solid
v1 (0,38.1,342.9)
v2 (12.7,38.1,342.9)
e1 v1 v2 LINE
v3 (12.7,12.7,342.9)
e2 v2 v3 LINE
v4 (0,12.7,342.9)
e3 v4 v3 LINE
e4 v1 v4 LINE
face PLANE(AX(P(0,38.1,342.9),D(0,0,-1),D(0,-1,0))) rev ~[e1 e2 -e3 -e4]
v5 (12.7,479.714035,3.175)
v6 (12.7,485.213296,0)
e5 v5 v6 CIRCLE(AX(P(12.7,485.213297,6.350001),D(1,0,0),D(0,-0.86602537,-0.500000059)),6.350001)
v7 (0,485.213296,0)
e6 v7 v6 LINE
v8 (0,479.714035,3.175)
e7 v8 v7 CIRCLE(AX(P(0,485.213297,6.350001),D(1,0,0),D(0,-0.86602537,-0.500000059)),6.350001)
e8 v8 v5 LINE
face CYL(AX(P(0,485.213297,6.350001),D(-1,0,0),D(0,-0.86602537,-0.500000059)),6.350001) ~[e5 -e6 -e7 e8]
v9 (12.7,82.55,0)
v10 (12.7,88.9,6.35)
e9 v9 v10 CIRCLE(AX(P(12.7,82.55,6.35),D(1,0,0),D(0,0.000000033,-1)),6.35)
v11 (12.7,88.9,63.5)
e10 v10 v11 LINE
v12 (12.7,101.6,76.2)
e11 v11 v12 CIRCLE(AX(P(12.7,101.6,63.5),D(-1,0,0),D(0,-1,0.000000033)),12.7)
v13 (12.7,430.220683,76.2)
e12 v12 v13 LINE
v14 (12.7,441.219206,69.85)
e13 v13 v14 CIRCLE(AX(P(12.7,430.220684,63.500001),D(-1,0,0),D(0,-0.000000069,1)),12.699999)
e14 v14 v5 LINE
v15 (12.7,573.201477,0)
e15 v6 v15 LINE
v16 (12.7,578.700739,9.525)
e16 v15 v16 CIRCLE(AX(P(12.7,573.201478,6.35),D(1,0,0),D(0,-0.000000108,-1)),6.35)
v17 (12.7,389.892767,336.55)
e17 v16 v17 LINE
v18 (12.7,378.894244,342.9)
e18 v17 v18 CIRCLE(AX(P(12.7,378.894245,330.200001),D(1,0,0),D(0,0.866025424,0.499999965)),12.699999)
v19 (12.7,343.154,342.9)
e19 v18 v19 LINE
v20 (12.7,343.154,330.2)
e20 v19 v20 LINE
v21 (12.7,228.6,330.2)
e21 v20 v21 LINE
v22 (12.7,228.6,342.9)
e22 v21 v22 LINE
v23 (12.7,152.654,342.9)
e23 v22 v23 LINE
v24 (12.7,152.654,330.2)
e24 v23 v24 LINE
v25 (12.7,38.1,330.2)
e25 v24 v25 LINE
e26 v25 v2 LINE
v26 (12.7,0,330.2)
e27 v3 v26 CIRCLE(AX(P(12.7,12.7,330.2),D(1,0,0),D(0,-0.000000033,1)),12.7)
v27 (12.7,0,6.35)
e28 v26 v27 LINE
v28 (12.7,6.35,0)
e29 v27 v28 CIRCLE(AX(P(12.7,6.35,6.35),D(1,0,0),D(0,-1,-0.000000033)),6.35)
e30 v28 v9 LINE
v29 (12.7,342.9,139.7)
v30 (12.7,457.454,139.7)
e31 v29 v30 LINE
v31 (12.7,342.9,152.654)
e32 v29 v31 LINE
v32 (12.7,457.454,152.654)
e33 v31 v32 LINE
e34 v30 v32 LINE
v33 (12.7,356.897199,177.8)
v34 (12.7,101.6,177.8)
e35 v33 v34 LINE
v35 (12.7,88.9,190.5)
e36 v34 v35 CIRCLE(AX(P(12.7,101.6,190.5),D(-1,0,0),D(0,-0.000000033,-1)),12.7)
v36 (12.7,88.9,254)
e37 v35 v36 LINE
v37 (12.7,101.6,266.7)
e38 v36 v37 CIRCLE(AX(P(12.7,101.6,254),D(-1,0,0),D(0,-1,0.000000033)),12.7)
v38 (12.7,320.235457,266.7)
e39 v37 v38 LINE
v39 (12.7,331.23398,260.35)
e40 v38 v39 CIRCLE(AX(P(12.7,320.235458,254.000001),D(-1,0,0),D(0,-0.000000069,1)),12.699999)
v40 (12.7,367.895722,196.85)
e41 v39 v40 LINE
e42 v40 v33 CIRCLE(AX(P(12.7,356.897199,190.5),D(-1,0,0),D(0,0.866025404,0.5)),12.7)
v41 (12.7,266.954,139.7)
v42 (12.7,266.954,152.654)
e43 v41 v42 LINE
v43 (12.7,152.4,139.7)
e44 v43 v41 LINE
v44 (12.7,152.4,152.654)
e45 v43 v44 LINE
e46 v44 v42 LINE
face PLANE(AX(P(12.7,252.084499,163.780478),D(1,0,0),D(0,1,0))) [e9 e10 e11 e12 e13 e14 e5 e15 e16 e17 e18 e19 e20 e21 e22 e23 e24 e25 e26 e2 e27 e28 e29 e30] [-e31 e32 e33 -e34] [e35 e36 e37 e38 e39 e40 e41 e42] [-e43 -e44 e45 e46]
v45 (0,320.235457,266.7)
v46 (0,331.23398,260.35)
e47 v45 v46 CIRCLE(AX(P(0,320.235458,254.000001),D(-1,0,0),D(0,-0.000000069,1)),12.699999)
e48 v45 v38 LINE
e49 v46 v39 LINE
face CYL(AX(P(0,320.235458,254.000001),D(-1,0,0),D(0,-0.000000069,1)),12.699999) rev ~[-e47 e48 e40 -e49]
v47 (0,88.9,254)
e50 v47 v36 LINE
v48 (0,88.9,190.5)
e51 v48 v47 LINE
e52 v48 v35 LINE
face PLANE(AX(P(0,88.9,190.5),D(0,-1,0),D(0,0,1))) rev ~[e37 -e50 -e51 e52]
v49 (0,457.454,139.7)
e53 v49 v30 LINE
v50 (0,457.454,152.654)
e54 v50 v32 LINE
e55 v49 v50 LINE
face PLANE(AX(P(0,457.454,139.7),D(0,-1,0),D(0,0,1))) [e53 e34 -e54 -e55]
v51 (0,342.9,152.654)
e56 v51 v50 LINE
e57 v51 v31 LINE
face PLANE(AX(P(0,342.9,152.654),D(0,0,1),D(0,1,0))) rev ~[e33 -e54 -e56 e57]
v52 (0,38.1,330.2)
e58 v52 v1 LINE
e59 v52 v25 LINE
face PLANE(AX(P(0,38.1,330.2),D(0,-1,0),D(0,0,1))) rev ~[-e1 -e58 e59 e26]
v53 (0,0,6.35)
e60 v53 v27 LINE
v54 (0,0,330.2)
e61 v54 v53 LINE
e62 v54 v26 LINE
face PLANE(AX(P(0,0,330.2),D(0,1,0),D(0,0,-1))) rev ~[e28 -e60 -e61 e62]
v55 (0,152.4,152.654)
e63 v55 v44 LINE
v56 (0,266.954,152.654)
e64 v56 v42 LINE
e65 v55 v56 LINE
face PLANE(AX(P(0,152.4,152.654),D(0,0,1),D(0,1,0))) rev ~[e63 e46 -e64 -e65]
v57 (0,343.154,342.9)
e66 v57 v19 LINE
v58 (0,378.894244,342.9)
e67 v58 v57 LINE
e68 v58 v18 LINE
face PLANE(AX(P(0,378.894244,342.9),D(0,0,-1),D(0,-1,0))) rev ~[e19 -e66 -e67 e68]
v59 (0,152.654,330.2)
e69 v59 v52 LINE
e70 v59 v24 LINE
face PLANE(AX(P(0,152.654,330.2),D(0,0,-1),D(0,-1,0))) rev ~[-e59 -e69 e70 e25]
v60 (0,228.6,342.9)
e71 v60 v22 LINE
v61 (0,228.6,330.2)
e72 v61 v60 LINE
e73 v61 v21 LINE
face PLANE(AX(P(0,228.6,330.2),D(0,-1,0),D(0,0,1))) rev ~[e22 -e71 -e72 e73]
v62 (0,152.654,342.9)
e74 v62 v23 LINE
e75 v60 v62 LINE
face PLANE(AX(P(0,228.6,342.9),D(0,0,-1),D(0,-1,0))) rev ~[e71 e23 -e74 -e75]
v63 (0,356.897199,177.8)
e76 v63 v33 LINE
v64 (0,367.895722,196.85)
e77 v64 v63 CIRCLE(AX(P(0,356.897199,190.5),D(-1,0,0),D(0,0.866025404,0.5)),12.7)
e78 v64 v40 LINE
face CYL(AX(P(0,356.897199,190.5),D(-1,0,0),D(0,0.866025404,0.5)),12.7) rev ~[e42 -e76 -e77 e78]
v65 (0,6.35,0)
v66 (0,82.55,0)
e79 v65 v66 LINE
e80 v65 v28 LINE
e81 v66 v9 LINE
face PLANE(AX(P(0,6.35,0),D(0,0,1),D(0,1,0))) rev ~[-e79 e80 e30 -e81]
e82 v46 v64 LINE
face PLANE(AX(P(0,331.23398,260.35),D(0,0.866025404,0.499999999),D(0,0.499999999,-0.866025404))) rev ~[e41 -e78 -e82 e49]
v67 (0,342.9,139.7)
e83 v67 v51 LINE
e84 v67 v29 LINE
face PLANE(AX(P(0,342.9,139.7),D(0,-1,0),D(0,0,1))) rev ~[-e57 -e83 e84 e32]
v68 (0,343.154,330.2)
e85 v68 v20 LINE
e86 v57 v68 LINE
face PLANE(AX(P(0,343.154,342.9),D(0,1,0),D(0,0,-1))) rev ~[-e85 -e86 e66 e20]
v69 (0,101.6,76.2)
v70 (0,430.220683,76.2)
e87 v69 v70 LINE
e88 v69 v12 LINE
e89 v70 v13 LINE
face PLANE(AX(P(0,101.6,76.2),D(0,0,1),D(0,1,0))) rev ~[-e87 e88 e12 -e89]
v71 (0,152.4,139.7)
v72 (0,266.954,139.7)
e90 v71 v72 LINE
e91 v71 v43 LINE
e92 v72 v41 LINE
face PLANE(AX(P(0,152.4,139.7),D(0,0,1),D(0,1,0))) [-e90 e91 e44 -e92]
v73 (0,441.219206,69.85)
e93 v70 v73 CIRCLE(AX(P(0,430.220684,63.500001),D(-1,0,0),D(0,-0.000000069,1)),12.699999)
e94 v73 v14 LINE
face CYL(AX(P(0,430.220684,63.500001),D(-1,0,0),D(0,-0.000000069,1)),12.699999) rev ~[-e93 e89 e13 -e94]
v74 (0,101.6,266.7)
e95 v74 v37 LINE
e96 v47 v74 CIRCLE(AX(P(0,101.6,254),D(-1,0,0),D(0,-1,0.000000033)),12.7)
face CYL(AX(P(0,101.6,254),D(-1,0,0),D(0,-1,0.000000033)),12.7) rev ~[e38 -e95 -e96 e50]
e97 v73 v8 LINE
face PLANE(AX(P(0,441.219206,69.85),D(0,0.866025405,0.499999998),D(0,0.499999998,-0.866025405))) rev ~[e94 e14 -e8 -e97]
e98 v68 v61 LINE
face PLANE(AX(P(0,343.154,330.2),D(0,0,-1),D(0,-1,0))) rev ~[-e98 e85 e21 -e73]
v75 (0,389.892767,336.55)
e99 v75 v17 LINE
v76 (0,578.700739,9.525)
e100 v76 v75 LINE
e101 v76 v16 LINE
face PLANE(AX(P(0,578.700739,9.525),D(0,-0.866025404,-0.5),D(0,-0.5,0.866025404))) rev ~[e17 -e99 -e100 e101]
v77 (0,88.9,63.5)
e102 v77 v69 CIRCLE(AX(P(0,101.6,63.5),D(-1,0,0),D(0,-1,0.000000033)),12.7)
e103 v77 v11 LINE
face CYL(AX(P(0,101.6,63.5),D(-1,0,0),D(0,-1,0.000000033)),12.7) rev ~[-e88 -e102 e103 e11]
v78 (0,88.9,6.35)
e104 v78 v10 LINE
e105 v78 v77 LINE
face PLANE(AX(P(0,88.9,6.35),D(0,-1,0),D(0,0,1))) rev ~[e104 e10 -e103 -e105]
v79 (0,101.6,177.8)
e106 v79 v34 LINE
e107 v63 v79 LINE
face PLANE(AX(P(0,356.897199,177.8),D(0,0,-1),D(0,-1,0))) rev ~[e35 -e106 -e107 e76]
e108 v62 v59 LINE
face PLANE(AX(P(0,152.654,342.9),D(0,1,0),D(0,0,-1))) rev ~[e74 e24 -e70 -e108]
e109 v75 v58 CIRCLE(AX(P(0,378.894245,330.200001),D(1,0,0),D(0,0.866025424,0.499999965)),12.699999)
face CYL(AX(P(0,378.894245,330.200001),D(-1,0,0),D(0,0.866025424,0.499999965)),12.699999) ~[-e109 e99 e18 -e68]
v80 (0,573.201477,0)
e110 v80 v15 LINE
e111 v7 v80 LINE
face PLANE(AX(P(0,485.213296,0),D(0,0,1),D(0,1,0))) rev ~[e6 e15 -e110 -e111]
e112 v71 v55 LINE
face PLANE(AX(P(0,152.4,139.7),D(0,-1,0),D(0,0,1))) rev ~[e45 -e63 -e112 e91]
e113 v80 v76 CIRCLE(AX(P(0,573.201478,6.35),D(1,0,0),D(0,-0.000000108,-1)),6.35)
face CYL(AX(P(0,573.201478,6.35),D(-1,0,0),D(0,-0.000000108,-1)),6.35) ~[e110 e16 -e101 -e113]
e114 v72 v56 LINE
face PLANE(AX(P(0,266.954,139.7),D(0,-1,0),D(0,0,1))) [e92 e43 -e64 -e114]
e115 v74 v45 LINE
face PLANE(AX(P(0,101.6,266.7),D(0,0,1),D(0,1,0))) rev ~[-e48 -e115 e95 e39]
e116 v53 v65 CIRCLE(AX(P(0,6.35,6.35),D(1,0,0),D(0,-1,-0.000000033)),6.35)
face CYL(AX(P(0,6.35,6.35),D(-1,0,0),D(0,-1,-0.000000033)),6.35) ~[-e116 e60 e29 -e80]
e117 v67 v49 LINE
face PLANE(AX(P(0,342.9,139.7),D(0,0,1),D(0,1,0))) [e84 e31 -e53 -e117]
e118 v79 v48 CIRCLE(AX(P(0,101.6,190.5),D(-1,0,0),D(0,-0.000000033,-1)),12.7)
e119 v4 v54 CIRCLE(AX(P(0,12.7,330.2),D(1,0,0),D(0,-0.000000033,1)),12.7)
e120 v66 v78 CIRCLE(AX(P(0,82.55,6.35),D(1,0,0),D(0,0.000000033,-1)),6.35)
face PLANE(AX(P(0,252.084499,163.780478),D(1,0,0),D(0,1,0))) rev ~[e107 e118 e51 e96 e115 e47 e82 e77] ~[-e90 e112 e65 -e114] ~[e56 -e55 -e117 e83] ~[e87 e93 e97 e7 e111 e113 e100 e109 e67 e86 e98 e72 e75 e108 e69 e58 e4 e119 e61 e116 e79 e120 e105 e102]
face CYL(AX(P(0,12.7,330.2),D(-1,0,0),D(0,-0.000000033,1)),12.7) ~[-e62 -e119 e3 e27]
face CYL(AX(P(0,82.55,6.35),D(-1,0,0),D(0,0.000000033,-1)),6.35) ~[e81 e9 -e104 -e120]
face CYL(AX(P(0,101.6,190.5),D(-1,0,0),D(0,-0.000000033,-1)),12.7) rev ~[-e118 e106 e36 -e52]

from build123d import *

# Parameters (mm, degrees)
F0_W     = 114.554
F0_H     = 12.954
F1_DEPTH = 12.7


with BuildPart() as f1:
    # F0 (on Right) → F1 (new body)
    with BuildSketch(Plane.YZ):
        with BuildLine():
            ThreePointArc((0, 6.35), (1.859872, 1.859872), (6.35, 0))
            Line((6.35, 0), (82.55, 0))
            ThreePointArc((82.55, 0), (87.040128, 1.859872), (88.9, 6.35))
            Line((88.9, 6.35), (88.9, 63.5))
            ThreePointArc((88.9, 63.5), (92.619744, 72.480256), (101.6, 76.2))
            Line((101.6, 76.2), (430.220683, 76.2))
            ThreePointArc((430.220683, 76.2), (436.570683, 74.498523), (441.219206, 69.85))
            Line((441.219206, 69.85), (479.714035, 3.175))
            ThreePointArc((479.714035, 3.175), (482.038296, 0.850739), (485.213296, 0))
            Line((485.213296, 0), (573.201477, 0))
            ThreePointArc((573.201477, 0), (578.700739, 3.175), (578.700739, 9.525))
            Line((578.700739, 9.525), (389.892767, 336.55))
            ThreePointArc((389.892767, 336.55), (385.244244, 341.198523), (378.894244, 342.9))
            Line((378.894244, 342.9), (343.154, 342.9))
            Line((343.154, 342.9), (343.154, 330.2))
            Line((343.154, 330.2), (228.6, 330.2))
            Line((228.6, 330.2), (228.6, 342.9))
            Line((228.6, 342.9), (152.654, 342.9))
            Line((152.654, 342.9), (152.654, 330.2))
            Line((152.654, 330.2), (38.1, 330.2))
            Line((38.1, 330.2), (38.1, 342.9))
            Line((38.1, 342.9), (12.7, 342.9))
            ThreePointArc((12.7, 342.9), (3.719744, 339.180256), (0, 330.2))
            Line((0, 330.2), (0, 6.35))
        make_face()
        with Locations((209.677, 146.177)):
            Rectangle(F0_W, F0_H, mode=Mode.SUBTRACT)
        with Locations((400.177, 146.177)):
            Rectangle(F0_W, F0_H, mode=Mode.SUBTRACT)
        with BuildLine():
            Line((88.9, 190.5), (88.9, 254))
            ThreePointArc((88.9, 254), (92.619744, 262.980256), (101.6, 266.7))
            Line((101.6, 266.7), (320.235457, 266.7))
            ThreePointArc((320.235457, 266.7), (326.585457, 264.998523), (331.23398, 260.35))
            Line((331.23398, 260.35), (367.895722, 196.85))
            ThreePointArc((367.895722, 196.85), (367.895722, 184.15), (356.897199, 177.8))
            Line((356.897199, 177.8), (101.6, 177.8))
            ThreePointArc((101.6, 177.8), (92.619744, 181.519744), (88.9, 190.5))
        make_face(mode=Mode.SUBTRACT)
    extrude(amount=F1_DEPTH)


solid = f1.part
